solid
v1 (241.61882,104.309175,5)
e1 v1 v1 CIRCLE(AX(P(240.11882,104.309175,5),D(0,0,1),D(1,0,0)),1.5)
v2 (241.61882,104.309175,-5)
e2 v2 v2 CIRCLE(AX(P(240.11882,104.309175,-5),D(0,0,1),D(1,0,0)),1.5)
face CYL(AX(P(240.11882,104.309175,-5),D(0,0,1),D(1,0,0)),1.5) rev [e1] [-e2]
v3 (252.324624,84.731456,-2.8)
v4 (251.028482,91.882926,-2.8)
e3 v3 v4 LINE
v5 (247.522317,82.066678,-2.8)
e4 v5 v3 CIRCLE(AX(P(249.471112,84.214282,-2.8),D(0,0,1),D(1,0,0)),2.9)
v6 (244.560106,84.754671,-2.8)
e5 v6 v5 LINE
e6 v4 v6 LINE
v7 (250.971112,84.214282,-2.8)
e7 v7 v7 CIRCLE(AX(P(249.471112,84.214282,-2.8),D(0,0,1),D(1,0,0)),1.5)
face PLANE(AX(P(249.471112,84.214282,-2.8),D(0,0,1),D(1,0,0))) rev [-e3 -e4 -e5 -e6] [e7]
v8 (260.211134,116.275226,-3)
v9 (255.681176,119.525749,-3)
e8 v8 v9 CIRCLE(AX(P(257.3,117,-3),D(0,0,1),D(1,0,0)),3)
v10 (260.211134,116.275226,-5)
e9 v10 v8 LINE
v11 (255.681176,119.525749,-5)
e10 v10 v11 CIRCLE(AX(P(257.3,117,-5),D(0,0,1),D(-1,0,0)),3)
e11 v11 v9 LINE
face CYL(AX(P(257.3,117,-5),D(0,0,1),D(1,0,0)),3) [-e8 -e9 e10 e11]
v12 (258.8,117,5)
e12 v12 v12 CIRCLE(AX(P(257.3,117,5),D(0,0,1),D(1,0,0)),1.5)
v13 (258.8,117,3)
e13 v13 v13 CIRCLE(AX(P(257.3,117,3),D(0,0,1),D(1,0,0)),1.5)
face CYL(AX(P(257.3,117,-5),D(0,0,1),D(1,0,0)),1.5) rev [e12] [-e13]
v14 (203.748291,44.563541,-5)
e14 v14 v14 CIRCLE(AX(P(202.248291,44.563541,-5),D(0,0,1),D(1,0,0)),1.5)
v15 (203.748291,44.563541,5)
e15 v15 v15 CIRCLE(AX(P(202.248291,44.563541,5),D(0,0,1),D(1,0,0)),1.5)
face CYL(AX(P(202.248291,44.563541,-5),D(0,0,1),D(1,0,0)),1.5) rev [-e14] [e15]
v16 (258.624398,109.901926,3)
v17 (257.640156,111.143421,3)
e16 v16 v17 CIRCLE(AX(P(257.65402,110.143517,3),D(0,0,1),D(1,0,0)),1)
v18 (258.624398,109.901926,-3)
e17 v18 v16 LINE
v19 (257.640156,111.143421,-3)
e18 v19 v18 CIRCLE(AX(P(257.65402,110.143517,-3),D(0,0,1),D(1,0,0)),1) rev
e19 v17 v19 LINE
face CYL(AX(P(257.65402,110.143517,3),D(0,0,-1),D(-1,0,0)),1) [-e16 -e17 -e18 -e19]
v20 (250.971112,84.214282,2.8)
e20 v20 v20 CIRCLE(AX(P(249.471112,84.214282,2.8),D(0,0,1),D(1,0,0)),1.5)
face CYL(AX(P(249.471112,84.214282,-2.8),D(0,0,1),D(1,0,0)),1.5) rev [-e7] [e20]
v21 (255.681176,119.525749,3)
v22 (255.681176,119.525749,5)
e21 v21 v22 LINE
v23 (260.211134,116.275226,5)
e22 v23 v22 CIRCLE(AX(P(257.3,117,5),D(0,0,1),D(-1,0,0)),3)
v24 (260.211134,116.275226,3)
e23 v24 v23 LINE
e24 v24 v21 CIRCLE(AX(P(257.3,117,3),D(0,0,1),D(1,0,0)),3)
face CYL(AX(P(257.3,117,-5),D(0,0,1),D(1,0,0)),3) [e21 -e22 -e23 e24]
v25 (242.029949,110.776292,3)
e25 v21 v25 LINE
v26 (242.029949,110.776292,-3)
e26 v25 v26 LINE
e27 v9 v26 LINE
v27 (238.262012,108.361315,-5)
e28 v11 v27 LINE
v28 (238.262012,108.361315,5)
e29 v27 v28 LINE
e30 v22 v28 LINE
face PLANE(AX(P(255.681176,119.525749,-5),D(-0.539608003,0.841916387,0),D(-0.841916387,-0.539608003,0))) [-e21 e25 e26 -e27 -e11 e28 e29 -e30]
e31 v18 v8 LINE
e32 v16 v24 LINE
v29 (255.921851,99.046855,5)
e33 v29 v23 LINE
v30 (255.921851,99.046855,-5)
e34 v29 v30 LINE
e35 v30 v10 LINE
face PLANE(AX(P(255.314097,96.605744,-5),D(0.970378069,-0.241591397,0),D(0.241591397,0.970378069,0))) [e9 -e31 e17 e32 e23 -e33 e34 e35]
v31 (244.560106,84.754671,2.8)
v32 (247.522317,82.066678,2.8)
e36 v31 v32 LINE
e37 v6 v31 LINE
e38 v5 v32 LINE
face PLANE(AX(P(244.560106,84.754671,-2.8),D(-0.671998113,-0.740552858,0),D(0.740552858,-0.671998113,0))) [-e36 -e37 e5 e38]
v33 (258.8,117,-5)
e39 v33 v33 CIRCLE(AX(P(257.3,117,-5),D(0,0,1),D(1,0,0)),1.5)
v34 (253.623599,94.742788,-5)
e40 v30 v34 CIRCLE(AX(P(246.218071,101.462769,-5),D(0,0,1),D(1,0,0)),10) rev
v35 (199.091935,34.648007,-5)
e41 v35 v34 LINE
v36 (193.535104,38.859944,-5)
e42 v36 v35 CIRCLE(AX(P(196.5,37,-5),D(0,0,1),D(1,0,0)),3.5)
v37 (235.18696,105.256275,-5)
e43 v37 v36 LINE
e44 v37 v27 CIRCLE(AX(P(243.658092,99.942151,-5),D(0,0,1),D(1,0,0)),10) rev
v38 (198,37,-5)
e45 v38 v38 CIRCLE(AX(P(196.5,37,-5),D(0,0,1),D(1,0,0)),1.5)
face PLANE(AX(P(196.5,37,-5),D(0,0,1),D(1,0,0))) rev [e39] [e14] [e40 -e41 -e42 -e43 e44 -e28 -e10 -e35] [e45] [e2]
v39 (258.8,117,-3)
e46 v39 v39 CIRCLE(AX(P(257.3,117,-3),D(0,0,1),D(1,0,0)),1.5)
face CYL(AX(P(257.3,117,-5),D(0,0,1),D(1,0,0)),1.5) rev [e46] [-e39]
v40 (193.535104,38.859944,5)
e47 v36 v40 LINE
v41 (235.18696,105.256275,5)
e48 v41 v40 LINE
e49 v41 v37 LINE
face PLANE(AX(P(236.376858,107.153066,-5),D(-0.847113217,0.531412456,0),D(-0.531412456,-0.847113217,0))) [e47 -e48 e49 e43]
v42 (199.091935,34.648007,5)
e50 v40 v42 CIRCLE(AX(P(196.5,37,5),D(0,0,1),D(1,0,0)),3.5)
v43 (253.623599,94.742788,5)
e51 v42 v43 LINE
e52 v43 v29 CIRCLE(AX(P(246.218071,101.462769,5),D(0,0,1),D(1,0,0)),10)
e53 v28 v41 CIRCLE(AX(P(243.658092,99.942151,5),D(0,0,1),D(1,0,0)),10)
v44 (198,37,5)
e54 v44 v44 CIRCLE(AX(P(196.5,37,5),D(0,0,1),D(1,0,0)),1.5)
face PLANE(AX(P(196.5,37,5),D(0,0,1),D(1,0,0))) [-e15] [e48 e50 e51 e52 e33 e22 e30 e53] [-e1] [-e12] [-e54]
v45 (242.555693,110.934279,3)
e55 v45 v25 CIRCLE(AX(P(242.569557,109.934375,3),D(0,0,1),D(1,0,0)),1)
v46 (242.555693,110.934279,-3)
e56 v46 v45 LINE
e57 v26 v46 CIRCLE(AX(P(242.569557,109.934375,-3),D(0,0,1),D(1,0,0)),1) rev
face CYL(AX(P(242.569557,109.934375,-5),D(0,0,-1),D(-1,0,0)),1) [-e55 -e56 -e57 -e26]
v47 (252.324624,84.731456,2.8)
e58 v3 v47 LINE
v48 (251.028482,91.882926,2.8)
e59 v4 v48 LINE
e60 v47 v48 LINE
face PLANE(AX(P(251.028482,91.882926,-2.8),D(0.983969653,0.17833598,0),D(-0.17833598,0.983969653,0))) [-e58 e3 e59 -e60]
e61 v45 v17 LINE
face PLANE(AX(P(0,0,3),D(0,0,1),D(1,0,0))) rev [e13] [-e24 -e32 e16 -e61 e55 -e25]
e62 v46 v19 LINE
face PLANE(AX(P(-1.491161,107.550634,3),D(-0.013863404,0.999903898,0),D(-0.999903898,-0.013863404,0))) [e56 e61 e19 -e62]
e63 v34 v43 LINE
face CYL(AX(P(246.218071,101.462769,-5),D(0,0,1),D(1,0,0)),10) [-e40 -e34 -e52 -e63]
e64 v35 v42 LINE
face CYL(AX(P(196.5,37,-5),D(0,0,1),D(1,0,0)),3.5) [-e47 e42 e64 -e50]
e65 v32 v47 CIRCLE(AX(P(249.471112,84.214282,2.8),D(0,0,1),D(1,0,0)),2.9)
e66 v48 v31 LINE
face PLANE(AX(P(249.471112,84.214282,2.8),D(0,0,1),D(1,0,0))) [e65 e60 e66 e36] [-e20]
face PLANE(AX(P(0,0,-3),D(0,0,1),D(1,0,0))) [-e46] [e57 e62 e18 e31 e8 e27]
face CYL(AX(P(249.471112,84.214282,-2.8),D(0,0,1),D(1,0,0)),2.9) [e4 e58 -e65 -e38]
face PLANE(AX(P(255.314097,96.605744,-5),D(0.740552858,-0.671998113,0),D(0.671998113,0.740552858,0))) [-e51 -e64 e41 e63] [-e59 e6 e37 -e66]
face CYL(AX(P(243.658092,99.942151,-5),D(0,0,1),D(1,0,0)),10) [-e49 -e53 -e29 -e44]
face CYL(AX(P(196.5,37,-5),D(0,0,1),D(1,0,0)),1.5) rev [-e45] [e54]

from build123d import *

# Parameters (mm, degrees)
EXTRUDE_1_DEPTH          = 5
EXTRUDE_1_DEPTH_BACK     = 5
SKETCH_1_R               = 1.5
CUT_EXTRUDE_1_DEPTH      = 3
CUT_EXTRUDE_1_DEPTH_BACK = 3
SKETCH_2_R               = 1.5
EXTRUDE_4_DEPTH          = 2.8
EXTRUDE_4_DEPTH_BACK     = 2.8
SKETCH_3_R               = 1.5
FILLET_1_R               = 10
FILLET_2_R               = 1


with BuildPart() as part:
    # 草图1 → 凸台-拉伸1 (new, two sides: drawn at the far end of the back side and taken through both)
    with BuildSketch(Plane.XY.offset(-EXTRUDE_1_DEPTH_BACK)):
        with BuildLine():
            Line((255.314096956, 96.605744176), (199.091935004, 34.648006604))
            ThreePointArc((199.091935004, 34.648006604), (194.385791324, 34.210713053), (193.535103741, 38.859943595))
            Line((193.535103741, 38.859943595), (236.376857538, 107.153065983))
            Line((236.376857538, 107.153065983), (255.681175992, 119.525749162))
            ThreePointArc((255.681175992, 119.525749162), (259.048997407, 119.43741832), (260.211134207, 116.275225808))
            Line((260.211134207, 116.275225808), (255.314096956, 96.605744176))
        make_face()
        with Locations((196.5, 37)):
            Circle(SKETCH_1_R, mode=Mode.SUBTRACT)
        with Locations((202.248291042, 44.563540844)):
            Circle(SKETCH_1_R, mode=Mode.SUBTRACT)
        with Locations((257.3, 117)):
            Circle(SKETCH_1_R, mode=Mode.SUBTRACT)
        with Locations((240.118819851, 104.309174626)):
            Circle(SKETCH_1_R, mode=Mode.SUBTRACT)
    extrude(amount=EXTRUDE_1_DEPTH + EXTRUDE_1_DEPTH_BACK)

    # 草图2 → 切除-拉伸1 (cut, two sides: drawn at the far end of the back side and taken through both)
    with BuildSketch(Plane.XY.offset(-CUT_EXTRUDE_1_DEPTH_BACK)):
        with BuildLine():
            Line((255.681175992, 119.525749162), (242.27027225, 110.930322002))
            Line((242.27027225, 110.930322002), (258.937967915, 111.161415211))
            Line((258.937967915, 111.161415211), (260.211134207, 116.275225808))
            ThreePointArc((260.211134207, 116.275225808), (259.048997407, 119.43741832), (255.681175992, 119.525749162))
        make_face()
        with Locations((257.3, 117)):
            Circle(SKETCH_2_R, mode=Mode.SUBTRACT)
    extrude(amount=CUT_EXTRUDE_1_DEPTH + CUT_EXTRUDE_1_DEPTH_BACK, mode=Mode.SUBTRACT)

    # 草图3 → 凸台-拉伸4 (add, two sides: drawn at the far end of the back side and taken through both)
    with BuildSketch(Plane.XY.offset(-EXTRUDE_4_DEPTH_BACK)):
        with BuildLine():
            Line((244.560105761, 84.754670841), (247.522317194, 82.066678389))
            ThreePointArc((247.522317194, 82.066678389), (250.878196788, 81.678515203), (252.324623716, 84.731456021))
            Line((252.324623716, 84.731456021), (251.028481638, 91.882926341))
            Line((251.028481638, 91.882926341), (244.560105761, 84.754670841))
        make_face()
        with Locations((249.471111722, 84.214281678)):
            Circle(SKETCH_3_R, mode=Mode.SUBTRACT)
    extrude(amount=EXTRUDE_4_DEPTH + EXTRUDE_4_DEPTH_BACK)

    # 圆角1
    fillet_1_edges = [part.edges().sort_by_distance(p)[0] for p in [
        (236.376857538, 107.153065983, 0),
        (255.314096956, 96.605744176, 0),
    ]]
    fillet(fillet_1_edges, radius=FILLET_1_R)

    # 圆角2
    fillet_2_edges = [part.edges().sort_by_distance(p)[0] for p in [
        (258.937967915, 111.161415211, 0),
        (242.27027225, 110.930322002, 0),
    ]]
    fillet(fillet_2_edges, radius=FILLET_2_R)


solid = part.part
